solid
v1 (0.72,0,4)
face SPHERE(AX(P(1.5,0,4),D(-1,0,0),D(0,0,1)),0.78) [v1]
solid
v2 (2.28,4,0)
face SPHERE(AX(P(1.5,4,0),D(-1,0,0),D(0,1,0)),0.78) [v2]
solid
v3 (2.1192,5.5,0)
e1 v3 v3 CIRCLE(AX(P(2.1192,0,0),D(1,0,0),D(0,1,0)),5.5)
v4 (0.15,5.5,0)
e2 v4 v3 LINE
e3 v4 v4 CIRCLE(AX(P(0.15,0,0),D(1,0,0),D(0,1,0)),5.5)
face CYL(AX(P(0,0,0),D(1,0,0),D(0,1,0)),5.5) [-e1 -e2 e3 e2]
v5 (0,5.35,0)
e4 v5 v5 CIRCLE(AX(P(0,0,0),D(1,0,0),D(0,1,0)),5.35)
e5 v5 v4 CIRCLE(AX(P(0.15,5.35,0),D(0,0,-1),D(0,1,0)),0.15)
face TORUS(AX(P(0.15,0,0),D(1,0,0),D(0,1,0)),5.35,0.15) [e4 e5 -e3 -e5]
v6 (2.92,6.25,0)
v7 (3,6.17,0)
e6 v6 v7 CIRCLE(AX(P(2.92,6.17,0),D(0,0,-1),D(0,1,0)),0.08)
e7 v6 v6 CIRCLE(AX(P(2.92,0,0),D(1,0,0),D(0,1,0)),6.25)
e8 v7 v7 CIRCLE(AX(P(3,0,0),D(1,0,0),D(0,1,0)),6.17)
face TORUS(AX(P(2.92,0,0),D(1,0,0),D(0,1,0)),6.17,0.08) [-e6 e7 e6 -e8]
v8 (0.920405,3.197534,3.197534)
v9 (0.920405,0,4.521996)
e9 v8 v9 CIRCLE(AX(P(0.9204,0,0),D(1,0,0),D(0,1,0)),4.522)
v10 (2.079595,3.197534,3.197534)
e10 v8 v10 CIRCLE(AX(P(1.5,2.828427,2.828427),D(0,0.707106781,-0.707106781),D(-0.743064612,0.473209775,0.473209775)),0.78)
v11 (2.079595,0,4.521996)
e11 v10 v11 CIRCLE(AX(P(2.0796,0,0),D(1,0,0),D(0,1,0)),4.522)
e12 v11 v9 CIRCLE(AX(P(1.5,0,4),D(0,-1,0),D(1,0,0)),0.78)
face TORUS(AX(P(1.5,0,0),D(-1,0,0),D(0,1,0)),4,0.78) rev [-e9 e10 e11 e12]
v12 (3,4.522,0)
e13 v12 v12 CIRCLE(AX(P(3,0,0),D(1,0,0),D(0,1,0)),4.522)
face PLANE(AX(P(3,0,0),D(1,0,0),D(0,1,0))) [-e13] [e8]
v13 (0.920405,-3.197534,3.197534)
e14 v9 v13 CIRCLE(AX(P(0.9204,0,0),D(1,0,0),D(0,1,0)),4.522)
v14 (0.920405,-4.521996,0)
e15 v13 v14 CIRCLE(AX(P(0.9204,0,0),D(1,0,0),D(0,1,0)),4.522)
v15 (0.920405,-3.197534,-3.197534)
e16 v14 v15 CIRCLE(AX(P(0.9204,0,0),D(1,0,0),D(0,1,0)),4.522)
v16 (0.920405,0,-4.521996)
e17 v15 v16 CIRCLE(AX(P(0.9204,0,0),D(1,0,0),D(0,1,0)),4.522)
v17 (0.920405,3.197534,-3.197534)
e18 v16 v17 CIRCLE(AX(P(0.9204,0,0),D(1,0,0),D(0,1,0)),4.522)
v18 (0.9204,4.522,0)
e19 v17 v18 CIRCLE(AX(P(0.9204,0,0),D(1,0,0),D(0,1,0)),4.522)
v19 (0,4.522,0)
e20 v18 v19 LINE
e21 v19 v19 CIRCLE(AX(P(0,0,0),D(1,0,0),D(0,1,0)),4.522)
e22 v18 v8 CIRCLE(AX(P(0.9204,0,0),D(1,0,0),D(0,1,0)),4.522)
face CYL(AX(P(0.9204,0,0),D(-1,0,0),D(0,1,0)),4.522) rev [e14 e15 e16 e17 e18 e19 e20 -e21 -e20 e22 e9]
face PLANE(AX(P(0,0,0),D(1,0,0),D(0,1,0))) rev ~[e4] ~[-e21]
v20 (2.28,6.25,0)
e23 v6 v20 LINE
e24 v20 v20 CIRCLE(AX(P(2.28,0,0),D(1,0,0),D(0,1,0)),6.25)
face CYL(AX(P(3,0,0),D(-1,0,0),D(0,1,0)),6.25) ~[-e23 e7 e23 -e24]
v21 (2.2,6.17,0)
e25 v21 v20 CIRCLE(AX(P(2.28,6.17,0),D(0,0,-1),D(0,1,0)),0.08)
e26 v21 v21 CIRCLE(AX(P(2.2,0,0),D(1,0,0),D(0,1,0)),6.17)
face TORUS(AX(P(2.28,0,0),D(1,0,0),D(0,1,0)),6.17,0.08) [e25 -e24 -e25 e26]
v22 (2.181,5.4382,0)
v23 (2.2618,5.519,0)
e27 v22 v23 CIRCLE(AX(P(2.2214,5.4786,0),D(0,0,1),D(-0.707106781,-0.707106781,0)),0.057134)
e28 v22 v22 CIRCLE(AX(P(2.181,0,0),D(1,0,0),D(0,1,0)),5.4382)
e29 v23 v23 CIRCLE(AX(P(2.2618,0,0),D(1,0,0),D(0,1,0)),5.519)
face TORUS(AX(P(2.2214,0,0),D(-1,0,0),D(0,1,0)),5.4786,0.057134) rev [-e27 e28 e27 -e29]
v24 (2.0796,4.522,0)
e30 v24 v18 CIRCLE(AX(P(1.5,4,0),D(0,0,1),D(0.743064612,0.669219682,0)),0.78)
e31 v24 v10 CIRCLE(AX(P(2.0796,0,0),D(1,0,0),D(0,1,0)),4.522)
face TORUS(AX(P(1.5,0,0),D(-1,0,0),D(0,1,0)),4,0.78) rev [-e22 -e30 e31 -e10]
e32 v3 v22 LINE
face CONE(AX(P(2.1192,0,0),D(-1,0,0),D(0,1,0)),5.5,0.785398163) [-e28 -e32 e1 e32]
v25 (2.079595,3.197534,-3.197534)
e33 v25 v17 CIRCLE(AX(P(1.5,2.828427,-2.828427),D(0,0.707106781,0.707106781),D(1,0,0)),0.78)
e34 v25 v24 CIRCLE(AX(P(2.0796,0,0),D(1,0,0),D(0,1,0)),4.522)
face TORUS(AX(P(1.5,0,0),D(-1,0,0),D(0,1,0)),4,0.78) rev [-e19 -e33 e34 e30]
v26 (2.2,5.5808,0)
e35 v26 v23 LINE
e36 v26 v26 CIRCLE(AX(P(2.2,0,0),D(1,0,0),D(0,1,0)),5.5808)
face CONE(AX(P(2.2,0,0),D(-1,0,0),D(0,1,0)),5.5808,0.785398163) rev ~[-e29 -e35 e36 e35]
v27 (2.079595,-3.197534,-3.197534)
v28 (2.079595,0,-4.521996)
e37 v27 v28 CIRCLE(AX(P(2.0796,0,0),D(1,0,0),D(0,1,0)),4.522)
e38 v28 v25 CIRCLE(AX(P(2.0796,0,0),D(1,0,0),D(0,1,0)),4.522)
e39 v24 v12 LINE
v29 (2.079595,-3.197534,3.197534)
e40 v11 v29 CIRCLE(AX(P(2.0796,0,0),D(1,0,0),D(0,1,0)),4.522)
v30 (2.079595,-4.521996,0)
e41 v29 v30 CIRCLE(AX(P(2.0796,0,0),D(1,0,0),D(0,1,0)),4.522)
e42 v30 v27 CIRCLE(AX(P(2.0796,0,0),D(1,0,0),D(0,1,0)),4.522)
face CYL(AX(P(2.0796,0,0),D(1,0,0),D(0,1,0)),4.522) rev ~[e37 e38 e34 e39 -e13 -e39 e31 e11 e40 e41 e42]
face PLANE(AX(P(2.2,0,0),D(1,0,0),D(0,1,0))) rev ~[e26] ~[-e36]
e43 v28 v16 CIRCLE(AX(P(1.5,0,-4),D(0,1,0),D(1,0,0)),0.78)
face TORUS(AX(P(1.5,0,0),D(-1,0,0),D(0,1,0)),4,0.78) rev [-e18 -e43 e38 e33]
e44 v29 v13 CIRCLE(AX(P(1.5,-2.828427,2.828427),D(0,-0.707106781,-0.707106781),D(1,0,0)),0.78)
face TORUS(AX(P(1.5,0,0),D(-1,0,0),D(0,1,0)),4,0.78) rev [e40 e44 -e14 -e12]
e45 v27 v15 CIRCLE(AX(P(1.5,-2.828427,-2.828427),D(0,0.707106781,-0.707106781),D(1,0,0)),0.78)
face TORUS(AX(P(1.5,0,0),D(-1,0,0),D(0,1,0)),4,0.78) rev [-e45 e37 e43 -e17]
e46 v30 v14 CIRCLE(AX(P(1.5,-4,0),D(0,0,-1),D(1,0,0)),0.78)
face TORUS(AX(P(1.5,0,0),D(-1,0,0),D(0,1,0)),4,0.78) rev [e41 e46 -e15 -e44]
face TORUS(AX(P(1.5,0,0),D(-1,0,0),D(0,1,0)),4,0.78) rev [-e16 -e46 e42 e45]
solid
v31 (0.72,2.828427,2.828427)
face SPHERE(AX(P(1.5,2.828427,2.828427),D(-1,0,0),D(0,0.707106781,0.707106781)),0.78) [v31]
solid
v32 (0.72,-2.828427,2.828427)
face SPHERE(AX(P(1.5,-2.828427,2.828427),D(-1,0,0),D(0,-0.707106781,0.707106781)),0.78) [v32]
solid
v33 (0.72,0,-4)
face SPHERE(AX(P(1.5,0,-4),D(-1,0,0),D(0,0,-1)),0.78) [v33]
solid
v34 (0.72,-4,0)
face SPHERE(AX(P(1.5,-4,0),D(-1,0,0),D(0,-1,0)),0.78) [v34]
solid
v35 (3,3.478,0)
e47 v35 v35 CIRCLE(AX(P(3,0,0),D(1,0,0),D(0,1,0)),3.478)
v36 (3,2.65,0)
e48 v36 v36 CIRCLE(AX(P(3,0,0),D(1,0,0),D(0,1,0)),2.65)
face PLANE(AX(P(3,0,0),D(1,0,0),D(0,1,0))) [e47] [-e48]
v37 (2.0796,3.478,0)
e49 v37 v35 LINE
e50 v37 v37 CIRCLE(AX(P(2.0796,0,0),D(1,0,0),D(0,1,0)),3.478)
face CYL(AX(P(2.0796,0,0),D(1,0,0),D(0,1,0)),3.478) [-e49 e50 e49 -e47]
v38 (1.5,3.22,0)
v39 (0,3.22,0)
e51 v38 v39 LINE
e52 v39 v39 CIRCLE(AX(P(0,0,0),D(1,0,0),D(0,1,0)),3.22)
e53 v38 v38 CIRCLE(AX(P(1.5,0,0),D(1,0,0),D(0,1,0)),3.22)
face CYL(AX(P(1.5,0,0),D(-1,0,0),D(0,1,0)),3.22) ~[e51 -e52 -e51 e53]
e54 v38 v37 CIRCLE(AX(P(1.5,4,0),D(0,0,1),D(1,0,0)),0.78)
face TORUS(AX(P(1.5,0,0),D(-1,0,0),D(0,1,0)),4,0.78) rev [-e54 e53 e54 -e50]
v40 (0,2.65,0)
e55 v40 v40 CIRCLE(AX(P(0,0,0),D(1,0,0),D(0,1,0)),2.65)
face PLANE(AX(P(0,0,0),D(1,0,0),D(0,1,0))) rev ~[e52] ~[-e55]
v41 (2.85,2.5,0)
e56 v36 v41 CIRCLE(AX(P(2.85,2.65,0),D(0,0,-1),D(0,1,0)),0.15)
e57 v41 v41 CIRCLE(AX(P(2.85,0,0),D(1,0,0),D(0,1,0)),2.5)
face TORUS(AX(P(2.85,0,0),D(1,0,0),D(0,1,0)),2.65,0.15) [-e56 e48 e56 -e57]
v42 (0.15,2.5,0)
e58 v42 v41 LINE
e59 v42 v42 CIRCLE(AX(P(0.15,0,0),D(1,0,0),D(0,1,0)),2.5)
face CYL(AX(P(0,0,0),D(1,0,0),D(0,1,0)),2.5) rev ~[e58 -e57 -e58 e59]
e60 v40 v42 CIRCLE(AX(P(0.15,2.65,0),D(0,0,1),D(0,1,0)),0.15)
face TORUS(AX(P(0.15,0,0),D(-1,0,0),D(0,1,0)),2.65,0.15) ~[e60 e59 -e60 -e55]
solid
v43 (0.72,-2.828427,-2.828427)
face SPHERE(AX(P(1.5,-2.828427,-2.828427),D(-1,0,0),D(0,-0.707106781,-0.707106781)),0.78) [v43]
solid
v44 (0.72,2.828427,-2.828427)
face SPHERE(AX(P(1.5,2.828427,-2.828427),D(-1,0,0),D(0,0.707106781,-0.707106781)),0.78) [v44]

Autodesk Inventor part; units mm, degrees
ref_plane "YZ Plane" through (0, 0, 0) normal (1, 0, 0) x (0, 1, 0)
ref_plane "XZ Plane" through (0, 0, 0) normal (0, 1, 0) x (-1, 0, 0)
ref_plane "XY Plane" through (0, 0, 0) normal (0, 0, 1) x (1, 0, 0)
sketch "Sketch" plane through (0, 0, 0) normal (0, 0, 1) x (1, 0, 0)
  line L0 (-0.7, 0) -> (4.2, 0) projected
  line L1 (0, 2.5) -> (3, 2.5)
  line L2 (1.5, 3.22) -> (1.5, 4.78)
  circle A0 centre (1.5, 4) radius 0.78
  line L3 (2.28, 4) -> (0.72, 4)
  line L4 (1.5, 3.22) -> (0, 3.22)
  line L5 (2.0796, 3.478) -> (3, 3.478)
  line L6 (3.5, 3.478) -> (3.5, 3.478)
  line L7 (2.0796, 4.522) -> (3, 4.522)
  line L8 (0.9204, 4.522) -> (0, 4.522)
  line L9 (0, 4.522) -> (0, 4.522)
  line L10 (0, 5.5) -> (2.1192, 5.5)
  line L11 (3.5, 4.522) -> (3.5, 4.522)
  line L12 (3, 6.25) -> (2.2, 6.25)
  line L13 (2.2, 6.25) -> (2.2, 5.5808)
  line L14 (2.2, 5.5) -> (2.2214, 5.4786) construction
  line L15 (2.2, 5.5808) -> (2.2618, 5.519)
  line L16 (2.1192, 5.5) -> (2.181, 5.4382)
  arc A1 (2.181, 5.4382) -> (2.2618, 5.519) centre (2.2214, 5.4786) ccw
  line L17 (2.1192, 5.5) -> (2.2, 5.5) construction
  line L18 (2.2, 5.5808) -> (2.2, 5.5) construction
  line L19 (0, 5.5) -> (0, 4.522)
  line L20 (0, 3.22) -> (0, 2.5)
  line L21 (3, 6.25) -> (3, 4.522)
  line L22 (3, 3.478) -> (3, 2.5)
  line L23 (0, 8.8348) -> (0, -0.5088) projected
  dimension "d5" = 1.56
  dimension "d1" = 0.0571
  dimension "d2" = 45
  dimension "d10" = 5
  dimension "d11" = 6.956
  dimension "d12" = 6.956
  dimension "d13" = 8
  dimension "d14" = 9.044
  dimension "d15" = 9.044
  dimension "d16" = 11
  dimension "d17" = 12.5
  dimension "d116" = 3
  dimension "d117" = 0.8
  dimension "d118" = 1.5
revolve "Body" add sketch "Sketch" angle 360 about axis through (-10, 0, 0) along (1, 0, 0) contours L20 L4 A0 L5 L22 L1 | L19 L10 L16 A1 L15 L13 L12 L21 L7 A0 L8
fillet "Fillet1" radius 0.08 2 edges at (3, -6.25, 0) (2.2, -6.25, 0)
fillet "Fillet1" radius 0.15 1 edges at (0, -5.5, 0)
fillet "Fillet1" radius 0.15 1 edges at (0, -2.5, 0)
fillet "Fillet1" radius 0.15 1 edges at (3, -2.5, 0)
revolve "Ball" add sketch "Sketch" angle 360 about axis through (2.28, 4, 0) along (-1, 0, 0) picked at (1.0772, 4.2961) picked at (1.9228, 4.2961) contours L3 A0 L2 | L2 A0 L3
pattern_circular "Balls" count 8 over 360 about axis through (-10, 0, 0) along (1, 0, 0) of "Ball"
equation "\"d5\" = -0.26 * WD + 0.26 * BD"
equation "\"d1\" = R1"
equation "\"d2\" = ANGL"
equation "\"d10\" = WD"
equation "\"d11\" = ND3"
equation "\"d12\" = 0.326 * BD + 0.674 * WD"
equation "\"d13\" = 0.5 * WD + 0.5 * BD"
equation "\"d14\" = ND1"
equation "\"d15\" = ND2"
equation "\"d16\" = BD"
equation "\"d17\" = SD2"
equation "\"d116\" = KB"
equation "\"d117\" = KAB"
equation "\"d118\" = 0.5 * KB"
equation "\"d20\" = KRS"
equation "\"d21\" = KR1S"
equation "\"d22\" = KR2S"
equation "\"d23\" = KR3S"
equation "\"WD\" = 5"
equation "\"BD\" = 11"
equation "\"KB\" = 3"
equation "\"KAB\" = 0.8"
equation "\"KRS\" = 0.1 * KAB"
equation "\"SD2\" = 12.5"
equation "\"NBR\" = 0.142857 * KAB"
equation "\"ANGL\" = 45deg"
equation "\"KR1S\" = 0.15"
equation "\"R1\" = 0.0714286 * KAB"
equation "\"NBR1\" = 0"
equation "\"NBR2\" = 0"
equation "\"ND1\" = 0.326 * WD + 0.674 * BD"
equation "\"ND2\" = 0.326 * WD + 0.674 * BD"
equation "\"ND3\" = 0.674 * WD + 0.326 * BD"
equation "\"KR2S\" = KR1S"
equation "\"KR3S\" = KR1S"
equation "\"WR\" = 0.5 * WD"
equation "\"BR\" = 0.5 * BD"
properties part number "Bearing FSN 718/5 GB/T 7218-1995" material "Steel, Mild"
